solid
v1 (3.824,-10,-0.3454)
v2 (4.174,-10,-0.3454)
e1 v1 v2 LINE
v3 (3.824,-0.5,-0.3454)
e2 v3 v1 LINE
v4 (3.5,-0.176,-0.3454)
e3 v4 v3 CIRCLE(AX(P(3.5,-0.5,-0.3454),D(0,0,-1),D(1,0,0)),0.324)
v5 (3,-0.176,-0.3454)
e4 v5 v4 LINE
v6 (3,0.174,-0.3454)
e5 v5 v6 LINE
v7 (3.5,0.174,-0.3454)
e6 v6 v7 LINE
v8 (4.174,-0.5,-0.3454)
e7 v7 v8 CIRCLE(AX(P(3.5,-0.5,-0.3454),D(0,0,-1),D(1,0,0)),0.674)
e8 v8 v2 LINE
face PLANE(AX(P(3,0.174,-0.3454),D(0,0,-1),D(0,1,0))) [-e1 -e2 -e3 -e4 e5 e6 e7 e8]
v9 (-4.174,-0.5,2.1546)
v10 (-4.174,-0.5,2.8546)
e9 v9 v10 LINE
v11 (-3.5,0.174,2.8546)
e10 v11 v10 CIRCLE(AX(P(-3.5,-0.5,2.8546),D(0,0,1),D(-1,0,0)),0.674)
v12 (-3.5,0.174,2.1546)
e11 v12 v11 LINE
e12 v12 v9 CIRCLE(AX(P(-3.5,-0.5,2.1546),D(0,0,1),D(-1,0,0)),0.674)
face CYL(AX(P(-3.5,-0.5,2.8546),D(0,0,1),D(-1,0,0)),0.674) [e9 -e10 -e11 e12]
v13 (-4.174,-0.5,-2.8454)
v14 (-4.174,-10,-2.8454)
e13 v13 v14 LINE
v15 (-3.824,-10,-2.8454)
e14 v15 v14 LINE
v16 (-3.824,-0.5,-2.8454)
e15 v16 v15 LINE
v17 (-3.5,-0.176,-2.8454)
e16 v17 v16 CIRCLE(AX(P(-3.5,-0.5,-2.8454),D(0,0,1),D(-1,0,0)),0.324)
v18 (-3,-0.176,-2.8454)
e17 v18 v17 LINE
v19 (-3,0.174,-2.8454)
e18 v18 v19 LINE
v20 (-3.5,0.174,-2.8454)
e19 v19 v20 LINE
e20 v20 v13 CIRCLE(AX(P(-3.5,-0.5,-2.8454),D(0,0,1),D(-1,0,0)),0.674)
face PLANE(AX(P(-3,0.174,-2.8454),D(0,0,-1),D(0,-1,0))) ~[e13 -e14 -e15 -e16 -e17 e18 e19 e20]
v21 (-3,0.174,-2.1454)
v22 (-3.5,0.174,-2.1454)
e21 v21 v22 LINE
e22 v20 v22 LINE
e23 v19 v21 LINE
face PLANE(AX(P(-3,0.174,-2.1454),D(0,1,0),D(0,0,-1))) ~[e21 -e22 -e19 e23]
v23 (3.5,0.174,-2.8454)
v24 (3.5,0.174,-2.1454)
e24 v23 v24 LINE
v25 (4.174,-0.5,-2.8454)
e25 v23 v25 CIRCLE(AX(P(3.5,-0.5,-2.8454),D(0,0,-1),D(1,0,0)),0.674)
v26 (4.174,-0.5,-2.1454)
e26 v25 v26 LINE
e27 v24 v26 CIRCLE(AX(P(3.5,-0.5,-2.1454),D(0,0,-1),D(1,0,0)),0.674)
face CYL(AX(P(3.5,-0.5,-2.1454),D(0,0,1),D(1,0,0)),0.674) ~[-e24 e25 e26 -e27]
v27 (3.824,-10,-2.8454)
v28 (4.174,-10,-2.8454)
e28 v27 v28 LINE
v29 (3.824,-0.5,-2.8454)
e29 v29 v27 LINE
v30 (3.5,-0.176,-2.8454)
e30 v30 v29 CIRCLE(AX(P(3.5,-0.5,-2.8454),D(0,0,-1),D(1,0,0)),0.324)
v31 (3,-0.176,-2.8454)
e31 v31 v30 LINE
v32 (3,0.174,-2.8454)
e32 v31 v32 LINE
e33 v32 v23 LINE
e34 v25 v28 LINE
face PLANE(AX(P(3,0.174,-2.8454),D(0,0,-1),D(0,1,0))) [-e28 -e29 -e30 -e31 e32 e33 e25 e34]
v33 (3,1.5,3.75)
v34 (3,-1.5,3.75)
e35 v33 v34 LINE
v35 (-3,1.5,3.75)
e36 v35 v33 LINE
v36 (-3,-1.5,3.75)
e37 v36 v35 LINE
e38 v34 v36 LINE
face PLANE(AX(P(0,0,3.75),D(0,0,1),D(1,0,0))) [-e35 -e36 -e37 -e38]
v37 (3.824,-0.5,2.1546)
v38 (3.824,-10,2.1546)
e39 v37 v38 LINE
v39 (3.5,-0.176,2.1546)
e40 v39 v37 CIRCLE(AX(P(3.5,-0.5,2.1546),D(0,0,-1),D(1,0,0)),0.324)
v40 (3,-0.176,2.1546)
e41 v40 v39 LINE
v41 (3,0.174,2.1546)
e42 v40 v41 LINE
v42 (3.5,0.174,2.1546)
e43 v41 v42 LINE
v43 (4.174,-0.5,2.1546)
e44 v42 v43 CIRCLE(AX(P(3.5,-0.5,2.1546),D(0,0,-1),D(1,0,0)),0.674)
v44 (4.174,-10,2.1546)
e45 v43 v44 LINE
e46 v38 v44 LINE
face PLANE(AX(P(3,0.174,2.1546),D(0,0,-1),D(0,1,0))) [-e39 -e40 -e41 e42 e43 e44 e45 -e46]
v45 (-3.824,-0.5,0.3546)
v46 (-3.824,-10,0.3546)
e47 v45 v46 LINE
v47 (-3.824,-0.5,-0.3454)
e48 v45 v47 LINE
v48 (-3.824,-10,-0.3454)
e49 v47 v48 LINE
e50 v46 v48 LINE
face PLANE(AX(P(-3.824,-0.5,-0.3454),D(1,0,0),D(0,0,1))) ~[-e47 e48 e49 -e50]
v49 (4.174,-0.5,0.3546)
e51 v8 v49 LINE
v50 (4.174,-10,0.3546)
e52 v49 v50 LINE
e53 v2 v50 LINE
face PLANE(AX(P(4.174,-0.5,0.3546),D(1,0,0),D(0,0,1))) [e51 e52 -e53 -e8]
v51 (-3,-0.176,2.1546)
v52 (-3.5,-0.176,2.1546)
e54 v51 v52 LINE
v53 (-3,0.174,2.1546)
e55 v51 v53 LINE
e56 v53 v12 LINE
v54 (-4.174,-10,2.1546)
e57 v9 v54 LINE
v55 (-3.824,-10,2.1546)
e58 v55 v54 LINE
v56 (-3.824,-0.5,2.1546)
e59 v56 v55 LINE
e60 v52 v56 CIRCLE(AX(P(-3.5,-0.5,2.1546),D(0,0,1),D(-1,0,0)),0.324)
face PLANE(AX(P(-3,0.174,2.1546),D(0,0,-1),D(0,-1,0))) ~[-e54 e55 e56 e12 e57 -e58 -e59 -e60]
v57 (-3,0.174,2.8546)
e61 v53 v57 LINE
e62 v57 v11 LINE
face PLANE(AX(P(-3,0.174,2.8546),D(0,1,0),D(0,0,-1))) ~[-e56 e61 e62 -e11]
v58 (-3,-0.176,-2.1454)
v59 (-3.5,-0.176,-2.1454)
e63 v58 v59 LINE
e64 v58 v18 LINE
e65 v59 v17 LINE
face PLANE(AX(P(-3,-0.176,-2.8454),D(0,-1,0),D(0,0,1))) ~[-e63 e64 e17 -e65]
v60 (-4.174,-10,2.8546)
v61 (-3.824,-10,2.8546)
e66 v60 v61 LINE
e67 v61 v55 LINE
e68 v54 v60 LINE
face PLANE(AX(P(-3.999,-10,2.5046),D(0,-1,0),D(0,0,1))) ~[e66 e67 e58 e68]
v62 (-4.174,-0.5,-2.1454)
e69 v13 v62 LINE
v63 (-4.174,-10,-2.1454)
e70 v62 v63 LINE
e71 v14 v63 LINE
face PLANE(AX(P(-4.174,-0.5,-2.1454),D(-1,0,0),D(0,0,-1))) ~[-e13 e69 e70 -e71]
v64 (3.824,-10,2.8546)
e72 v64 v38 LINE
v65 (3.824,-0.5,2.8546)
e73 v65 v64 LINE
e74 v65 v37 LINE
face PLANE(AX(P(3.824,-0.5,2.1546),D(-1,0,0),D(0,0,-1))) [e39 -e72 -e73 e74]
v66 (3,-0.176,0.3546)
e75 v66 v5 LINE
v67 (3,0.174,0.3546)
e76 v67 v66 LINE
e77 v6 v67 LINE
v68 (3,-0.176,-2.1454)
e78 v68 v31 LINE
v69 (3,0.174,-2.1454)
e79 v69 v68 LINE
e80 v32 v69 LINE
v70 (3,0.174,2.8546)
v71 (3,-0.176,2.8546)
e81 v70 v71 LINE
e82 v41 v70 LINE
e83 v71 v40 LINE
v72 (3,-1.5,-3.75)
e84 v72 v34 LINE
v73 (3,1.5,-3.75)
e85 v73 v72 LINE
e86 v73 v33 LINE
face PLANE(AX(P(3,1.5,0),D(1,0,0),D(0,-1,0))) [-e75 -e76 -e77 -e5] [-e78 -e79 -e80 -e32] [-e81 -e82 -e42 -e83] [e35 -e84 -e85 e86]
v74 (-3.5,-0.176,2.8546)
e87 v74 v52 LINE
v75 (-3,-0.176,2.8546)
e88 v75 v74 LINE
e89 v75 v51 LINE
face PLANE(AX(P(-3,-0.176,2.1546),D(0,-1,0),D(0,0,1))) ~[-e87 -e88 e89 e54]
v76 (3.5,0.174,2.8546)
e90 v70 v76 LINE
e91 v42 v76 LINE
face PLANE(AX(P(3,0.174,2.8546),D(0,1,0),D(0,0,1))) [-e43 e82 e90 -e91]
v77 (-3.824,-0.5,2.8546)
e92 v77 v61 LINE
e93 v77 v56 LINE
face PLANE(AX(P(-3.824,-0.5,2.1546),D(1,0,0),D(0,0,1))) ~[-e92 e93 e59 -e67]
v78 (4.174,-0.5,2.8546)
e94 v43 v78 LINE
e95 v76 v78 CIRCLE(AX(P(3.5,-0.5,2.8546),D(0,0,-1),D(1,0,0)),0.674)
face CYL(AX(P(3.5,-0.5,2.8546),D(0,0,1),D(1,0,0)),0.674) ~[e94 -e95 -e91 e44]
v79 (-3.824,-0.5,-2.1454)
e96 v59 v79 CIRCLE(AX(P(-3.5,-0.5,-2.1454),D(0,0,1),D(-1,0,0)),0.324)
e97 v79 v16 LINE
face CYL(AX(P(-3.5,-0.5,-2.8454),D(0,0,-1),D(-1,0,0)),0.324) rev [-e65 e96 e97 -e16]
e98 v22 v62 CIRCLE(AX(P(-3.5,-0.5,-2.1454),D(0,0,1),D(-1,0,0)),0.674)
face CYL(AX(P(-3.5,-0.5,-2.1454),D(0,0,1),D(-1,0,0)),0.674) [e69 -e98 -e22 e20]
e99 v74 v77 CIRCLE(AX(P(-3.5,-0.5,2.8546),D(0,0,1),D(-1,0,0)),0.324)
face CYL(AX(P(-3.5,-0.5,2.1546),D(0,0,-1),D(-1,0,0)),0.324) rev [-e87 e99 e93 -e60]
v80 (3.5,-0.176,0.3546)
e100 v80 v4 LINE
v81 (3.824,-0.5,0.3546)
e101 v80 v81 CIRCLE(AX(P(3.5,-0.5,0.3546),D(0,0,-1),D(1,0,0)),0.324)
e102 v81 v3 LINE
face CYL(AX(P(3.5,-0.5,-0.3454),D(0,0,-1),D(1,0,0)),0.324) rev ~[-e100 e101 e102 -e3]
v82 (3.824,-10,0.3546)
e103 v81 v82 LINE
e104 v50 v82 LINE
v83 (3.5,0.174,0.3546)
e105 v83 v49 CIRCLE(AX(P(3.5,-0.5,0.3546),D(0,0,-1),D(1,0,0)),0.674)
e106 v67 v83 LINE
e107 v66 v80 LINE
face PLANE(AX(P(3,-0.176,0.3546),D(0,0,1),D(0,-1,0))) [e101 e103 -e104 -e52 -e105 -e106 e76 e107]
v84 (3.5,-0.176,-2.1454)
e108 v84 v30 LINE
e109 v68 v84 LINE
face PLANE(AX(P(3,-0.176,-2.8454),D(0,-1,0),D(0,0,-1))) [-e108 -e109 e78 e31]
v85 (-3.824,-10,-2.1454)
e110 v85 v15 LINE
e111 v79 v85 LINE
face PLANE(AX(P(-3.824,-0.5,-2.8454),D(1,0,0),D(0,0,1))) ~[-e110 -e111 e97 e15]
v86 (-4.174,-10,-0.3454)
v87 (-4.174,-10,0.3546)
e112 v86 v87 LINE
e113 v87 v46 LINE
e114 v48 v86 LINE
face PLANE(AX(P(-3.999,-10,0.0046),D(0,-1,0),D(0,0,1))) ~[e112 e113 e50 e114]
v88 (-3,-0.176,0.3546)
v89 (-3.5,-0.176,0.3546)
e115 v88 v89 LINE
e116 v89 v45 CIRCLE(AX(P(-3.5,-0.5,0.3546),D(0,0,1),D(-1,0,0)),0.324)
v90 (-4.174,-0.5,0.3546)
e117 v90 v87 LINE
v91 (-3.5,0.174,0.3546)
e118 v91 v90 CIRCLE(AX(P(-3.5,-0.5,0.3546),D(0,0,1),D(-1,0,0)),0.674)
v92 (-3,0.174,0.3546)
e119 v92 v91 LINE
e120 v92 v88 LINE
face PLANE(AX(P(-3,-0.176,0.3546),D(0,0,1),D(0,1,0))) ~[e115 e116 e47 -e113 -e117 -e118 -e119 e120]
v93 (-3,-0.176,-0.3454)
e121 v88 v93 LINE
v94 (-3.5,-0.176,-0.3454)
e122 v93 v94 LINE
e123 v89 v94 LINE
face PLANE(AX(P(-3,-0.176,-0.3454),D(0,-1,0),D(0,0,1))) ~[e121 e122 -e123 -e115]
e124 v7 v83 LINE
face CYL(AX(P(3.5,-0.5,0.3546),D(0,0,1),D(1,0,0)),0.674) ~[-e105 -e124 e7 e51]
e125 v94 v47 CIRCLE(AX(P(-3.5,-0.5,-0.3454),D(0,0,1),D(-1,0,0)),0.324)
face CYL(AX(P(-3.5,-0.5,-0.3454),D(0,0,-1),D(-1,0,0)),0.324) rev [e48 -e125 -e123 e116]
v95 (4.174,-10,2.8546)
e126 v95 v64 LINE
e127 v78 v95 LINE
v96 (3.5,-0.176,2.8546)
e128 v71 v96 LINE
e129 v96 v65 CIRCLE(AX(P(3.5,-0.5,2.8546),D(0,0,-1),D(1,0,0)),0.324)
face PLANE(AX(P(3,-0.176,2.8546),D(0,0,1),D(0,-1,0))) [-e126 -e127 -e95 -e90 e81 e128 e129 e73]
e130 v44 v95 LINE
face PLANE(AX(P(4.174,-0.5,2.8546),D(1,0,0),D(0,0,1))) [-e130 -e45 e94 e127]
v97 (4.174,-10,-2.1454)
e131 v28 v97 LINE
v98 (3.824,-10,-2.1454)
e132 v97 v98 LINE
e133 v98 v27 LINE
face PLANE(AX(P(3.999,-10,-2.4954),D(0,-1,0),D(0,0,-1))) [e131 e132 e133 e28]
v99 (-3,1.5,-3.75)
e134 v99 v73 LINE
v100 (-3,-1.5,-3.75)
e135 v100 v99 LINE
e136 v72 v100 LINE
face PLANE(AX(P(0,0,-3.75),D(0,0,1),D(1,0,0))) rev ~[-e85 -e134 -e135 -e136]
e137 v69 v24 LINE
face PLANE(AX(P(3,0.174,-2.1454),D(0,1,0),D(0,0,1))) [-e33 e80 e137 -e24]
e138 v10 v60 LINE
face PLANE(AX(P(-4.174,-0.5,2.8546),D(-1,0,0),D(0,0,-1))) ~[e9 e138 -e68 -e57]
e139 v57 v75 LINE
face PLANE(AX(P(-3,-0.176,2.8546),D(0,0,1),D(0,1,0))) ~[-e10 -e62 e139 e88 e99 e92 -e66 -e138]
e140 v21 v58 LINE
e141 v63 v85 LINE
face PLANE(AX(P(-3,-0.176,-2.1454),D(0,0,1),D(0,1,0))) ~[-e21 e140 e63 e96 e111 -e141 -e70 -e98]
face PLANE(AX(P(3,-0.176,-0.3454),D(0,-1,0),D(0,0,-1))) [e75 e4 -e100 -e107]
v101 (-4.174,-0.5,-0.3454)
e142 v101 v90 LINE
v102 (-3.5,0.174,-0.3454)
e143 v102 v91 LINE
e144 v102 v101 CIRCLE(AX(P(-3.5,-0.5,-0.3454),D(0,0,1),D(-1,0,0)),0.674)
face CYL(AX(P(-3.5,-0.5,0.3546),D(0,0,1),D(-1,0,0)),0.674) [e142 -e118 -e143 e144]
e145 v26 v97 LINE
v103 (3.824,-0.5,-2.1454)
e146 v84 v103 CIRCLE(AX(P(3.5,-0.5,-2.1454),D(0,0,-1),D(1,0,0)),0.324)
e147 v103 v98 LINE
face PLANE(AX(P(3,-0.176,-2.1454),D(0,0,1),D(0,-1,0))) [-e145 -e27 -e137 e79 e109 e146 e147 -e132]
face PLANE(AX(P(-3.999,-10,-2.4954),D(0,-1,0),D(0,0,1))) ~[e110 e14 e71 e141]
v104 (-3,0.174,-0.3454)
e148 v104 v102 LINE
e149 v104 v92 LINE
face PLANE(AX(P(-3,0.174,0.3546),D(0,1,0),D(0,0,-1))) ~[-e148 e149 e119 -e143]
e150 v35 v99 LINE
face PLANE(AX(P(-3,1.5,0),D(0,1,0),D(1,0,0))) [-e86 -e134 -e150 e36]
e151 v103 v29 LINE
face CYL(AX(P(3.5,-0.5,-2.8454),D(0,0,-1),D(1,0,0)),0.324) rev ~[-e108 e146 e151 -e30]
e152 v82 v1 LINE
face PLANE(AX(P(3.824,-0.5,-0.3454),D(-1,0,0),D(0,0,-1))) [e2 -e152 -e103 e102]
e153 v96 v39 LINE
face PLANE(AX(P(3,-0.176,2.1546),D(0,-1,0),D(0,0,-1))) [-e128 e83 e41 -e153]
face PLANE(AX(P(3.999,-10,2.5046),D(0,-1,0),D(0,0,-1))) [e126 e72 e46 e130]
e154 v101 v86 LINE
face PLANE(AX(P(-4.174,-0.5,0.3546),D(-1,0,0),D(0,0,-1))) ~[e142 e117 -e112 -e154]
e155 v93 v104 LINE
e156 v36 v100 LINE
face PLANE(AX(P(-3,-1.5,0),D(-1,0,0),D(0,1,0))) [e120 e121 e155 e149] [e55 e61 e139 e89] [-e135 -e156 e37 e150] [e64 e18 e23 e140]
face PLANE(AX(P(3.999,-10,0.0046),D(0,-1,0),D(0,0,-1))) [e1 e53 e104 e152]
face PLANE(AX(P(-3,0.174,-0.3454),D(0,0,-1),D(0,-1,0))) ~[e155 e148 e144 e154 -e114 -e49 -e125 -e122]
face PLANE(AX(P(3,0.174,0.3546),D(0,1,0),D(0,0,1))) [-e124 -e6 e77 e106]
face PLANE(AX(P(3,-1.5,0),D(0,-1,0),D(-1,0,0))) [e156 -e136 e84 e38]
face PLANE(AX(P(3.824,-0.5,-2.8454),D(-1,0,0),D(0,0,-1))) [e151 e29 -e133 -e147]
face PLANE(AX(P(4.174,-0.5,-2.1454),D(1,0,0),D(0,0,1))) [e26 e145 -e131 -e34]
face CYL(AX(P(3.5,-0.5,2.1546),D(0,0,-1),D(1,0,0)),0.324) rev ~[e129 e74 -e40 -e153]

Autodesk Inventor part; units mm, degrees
ref_plane "YZ Plane" through (0, 0, 0) normal (1, 0, 0) x (0, 1, 0)
ref_plane "XZ Plane" through (0, 0, 0) normal (0, 1, 0) x (-1, 0, 0)
ref_plane "XY Plane" through (0, 0, 0) normal (0, 0, 1) x (1, 0, 0)
sketch "Sketch2" plane through (0, 0, 0) normal (0, 0, 1) x (1, 0, 0)
  line L0 (3, -1.5) -> (-3, -1.5)
  line L1 (-3, -1.5) -> (-3, 1.5)
  line L2 (-3, 1.5) -> (3, 1.5)
  line L3 (3, 1.5) -> (3, -1.5)
  line L4 (3, -1.5) -> (-3, 1.5) construction
  line L5 (-3, -1.5) -> (3, 1.5) construction
  point P0 (0, 0)
  dimension "d4" = 6
  dimension "d5" = 3
extrude "Extrusion1" add sketch "Sketch2" along normal mid plane 7.5
ref_plane "Work Plane1" through (3, -1.5, 3.75) normal (1, 0, 0) x (0, 0, -1)
ref_plane "Work Plane4" through (0, 0, 2.5) normal (0, 0, 1) x (1, 0, 0)
ref_plane "Work Plane5" through (-3, -10, 3.75) normal (0, -1, 0) x (1, 0, 0)
sketch "Sketch25" plane through (0, 0, 2.5) normal (0, 0, 1) x (1, 0, 0)
  line L0 (3, -1.5) -> (3, 1.5) projected
  line L1 (3, 0) -> (3.5, 0)
  line L2 (4, -0.5) -> (4, -10)
  arc A0 (4, -0.5) -> (3.5, 0) centre (3.5, -0.5) ccw
  point P0 (0, 0)
  point P1 (4, 0)
  dimension "d44" = 1
  dimension "d45" = 10
  dimension "d46" = 0.5
sketch "Sketch26" plane through (-3, -10, 3.75) normal (0, -1, 0) x (1, 0, 0)
  line L0 (6.824, -0.8954) -> (7.174, -0.8954)
  line L1 (7.174, -0.8954) -> (7.174, -1.5954)
  line L2 (7.174, -1.5954) -> (6.824, -1.5954)
  line L3 (6.824, -1.5954) -> (6.824, -0.8954)
  line L4 (6.824, -0.8954) -> (7.174, -1.5954) construction
  line L5 (7.174, -0.8954) -> (6.824, -1.5954) construction
  point P0 (3, -3.75)
  point P1 (6.999, -1.2454)
  dimension "d37" = 0.35
  dimension "d38" = 0.7
sweep "Sweep2" add profiles "Sketch26" path "Sketch25" path curves L2 A0 L1
pattern_linear "Rectangular Pattern2" count 3 spacing 2.5 along (0, 0, -1) of "Sweep2"
mirror "Mirror2" about plane through (0, 0, 0) normal (1, 0, 0) of "Sweep2", "Rectangular Pattern2"
properties part number "DetalV2(legs)"
